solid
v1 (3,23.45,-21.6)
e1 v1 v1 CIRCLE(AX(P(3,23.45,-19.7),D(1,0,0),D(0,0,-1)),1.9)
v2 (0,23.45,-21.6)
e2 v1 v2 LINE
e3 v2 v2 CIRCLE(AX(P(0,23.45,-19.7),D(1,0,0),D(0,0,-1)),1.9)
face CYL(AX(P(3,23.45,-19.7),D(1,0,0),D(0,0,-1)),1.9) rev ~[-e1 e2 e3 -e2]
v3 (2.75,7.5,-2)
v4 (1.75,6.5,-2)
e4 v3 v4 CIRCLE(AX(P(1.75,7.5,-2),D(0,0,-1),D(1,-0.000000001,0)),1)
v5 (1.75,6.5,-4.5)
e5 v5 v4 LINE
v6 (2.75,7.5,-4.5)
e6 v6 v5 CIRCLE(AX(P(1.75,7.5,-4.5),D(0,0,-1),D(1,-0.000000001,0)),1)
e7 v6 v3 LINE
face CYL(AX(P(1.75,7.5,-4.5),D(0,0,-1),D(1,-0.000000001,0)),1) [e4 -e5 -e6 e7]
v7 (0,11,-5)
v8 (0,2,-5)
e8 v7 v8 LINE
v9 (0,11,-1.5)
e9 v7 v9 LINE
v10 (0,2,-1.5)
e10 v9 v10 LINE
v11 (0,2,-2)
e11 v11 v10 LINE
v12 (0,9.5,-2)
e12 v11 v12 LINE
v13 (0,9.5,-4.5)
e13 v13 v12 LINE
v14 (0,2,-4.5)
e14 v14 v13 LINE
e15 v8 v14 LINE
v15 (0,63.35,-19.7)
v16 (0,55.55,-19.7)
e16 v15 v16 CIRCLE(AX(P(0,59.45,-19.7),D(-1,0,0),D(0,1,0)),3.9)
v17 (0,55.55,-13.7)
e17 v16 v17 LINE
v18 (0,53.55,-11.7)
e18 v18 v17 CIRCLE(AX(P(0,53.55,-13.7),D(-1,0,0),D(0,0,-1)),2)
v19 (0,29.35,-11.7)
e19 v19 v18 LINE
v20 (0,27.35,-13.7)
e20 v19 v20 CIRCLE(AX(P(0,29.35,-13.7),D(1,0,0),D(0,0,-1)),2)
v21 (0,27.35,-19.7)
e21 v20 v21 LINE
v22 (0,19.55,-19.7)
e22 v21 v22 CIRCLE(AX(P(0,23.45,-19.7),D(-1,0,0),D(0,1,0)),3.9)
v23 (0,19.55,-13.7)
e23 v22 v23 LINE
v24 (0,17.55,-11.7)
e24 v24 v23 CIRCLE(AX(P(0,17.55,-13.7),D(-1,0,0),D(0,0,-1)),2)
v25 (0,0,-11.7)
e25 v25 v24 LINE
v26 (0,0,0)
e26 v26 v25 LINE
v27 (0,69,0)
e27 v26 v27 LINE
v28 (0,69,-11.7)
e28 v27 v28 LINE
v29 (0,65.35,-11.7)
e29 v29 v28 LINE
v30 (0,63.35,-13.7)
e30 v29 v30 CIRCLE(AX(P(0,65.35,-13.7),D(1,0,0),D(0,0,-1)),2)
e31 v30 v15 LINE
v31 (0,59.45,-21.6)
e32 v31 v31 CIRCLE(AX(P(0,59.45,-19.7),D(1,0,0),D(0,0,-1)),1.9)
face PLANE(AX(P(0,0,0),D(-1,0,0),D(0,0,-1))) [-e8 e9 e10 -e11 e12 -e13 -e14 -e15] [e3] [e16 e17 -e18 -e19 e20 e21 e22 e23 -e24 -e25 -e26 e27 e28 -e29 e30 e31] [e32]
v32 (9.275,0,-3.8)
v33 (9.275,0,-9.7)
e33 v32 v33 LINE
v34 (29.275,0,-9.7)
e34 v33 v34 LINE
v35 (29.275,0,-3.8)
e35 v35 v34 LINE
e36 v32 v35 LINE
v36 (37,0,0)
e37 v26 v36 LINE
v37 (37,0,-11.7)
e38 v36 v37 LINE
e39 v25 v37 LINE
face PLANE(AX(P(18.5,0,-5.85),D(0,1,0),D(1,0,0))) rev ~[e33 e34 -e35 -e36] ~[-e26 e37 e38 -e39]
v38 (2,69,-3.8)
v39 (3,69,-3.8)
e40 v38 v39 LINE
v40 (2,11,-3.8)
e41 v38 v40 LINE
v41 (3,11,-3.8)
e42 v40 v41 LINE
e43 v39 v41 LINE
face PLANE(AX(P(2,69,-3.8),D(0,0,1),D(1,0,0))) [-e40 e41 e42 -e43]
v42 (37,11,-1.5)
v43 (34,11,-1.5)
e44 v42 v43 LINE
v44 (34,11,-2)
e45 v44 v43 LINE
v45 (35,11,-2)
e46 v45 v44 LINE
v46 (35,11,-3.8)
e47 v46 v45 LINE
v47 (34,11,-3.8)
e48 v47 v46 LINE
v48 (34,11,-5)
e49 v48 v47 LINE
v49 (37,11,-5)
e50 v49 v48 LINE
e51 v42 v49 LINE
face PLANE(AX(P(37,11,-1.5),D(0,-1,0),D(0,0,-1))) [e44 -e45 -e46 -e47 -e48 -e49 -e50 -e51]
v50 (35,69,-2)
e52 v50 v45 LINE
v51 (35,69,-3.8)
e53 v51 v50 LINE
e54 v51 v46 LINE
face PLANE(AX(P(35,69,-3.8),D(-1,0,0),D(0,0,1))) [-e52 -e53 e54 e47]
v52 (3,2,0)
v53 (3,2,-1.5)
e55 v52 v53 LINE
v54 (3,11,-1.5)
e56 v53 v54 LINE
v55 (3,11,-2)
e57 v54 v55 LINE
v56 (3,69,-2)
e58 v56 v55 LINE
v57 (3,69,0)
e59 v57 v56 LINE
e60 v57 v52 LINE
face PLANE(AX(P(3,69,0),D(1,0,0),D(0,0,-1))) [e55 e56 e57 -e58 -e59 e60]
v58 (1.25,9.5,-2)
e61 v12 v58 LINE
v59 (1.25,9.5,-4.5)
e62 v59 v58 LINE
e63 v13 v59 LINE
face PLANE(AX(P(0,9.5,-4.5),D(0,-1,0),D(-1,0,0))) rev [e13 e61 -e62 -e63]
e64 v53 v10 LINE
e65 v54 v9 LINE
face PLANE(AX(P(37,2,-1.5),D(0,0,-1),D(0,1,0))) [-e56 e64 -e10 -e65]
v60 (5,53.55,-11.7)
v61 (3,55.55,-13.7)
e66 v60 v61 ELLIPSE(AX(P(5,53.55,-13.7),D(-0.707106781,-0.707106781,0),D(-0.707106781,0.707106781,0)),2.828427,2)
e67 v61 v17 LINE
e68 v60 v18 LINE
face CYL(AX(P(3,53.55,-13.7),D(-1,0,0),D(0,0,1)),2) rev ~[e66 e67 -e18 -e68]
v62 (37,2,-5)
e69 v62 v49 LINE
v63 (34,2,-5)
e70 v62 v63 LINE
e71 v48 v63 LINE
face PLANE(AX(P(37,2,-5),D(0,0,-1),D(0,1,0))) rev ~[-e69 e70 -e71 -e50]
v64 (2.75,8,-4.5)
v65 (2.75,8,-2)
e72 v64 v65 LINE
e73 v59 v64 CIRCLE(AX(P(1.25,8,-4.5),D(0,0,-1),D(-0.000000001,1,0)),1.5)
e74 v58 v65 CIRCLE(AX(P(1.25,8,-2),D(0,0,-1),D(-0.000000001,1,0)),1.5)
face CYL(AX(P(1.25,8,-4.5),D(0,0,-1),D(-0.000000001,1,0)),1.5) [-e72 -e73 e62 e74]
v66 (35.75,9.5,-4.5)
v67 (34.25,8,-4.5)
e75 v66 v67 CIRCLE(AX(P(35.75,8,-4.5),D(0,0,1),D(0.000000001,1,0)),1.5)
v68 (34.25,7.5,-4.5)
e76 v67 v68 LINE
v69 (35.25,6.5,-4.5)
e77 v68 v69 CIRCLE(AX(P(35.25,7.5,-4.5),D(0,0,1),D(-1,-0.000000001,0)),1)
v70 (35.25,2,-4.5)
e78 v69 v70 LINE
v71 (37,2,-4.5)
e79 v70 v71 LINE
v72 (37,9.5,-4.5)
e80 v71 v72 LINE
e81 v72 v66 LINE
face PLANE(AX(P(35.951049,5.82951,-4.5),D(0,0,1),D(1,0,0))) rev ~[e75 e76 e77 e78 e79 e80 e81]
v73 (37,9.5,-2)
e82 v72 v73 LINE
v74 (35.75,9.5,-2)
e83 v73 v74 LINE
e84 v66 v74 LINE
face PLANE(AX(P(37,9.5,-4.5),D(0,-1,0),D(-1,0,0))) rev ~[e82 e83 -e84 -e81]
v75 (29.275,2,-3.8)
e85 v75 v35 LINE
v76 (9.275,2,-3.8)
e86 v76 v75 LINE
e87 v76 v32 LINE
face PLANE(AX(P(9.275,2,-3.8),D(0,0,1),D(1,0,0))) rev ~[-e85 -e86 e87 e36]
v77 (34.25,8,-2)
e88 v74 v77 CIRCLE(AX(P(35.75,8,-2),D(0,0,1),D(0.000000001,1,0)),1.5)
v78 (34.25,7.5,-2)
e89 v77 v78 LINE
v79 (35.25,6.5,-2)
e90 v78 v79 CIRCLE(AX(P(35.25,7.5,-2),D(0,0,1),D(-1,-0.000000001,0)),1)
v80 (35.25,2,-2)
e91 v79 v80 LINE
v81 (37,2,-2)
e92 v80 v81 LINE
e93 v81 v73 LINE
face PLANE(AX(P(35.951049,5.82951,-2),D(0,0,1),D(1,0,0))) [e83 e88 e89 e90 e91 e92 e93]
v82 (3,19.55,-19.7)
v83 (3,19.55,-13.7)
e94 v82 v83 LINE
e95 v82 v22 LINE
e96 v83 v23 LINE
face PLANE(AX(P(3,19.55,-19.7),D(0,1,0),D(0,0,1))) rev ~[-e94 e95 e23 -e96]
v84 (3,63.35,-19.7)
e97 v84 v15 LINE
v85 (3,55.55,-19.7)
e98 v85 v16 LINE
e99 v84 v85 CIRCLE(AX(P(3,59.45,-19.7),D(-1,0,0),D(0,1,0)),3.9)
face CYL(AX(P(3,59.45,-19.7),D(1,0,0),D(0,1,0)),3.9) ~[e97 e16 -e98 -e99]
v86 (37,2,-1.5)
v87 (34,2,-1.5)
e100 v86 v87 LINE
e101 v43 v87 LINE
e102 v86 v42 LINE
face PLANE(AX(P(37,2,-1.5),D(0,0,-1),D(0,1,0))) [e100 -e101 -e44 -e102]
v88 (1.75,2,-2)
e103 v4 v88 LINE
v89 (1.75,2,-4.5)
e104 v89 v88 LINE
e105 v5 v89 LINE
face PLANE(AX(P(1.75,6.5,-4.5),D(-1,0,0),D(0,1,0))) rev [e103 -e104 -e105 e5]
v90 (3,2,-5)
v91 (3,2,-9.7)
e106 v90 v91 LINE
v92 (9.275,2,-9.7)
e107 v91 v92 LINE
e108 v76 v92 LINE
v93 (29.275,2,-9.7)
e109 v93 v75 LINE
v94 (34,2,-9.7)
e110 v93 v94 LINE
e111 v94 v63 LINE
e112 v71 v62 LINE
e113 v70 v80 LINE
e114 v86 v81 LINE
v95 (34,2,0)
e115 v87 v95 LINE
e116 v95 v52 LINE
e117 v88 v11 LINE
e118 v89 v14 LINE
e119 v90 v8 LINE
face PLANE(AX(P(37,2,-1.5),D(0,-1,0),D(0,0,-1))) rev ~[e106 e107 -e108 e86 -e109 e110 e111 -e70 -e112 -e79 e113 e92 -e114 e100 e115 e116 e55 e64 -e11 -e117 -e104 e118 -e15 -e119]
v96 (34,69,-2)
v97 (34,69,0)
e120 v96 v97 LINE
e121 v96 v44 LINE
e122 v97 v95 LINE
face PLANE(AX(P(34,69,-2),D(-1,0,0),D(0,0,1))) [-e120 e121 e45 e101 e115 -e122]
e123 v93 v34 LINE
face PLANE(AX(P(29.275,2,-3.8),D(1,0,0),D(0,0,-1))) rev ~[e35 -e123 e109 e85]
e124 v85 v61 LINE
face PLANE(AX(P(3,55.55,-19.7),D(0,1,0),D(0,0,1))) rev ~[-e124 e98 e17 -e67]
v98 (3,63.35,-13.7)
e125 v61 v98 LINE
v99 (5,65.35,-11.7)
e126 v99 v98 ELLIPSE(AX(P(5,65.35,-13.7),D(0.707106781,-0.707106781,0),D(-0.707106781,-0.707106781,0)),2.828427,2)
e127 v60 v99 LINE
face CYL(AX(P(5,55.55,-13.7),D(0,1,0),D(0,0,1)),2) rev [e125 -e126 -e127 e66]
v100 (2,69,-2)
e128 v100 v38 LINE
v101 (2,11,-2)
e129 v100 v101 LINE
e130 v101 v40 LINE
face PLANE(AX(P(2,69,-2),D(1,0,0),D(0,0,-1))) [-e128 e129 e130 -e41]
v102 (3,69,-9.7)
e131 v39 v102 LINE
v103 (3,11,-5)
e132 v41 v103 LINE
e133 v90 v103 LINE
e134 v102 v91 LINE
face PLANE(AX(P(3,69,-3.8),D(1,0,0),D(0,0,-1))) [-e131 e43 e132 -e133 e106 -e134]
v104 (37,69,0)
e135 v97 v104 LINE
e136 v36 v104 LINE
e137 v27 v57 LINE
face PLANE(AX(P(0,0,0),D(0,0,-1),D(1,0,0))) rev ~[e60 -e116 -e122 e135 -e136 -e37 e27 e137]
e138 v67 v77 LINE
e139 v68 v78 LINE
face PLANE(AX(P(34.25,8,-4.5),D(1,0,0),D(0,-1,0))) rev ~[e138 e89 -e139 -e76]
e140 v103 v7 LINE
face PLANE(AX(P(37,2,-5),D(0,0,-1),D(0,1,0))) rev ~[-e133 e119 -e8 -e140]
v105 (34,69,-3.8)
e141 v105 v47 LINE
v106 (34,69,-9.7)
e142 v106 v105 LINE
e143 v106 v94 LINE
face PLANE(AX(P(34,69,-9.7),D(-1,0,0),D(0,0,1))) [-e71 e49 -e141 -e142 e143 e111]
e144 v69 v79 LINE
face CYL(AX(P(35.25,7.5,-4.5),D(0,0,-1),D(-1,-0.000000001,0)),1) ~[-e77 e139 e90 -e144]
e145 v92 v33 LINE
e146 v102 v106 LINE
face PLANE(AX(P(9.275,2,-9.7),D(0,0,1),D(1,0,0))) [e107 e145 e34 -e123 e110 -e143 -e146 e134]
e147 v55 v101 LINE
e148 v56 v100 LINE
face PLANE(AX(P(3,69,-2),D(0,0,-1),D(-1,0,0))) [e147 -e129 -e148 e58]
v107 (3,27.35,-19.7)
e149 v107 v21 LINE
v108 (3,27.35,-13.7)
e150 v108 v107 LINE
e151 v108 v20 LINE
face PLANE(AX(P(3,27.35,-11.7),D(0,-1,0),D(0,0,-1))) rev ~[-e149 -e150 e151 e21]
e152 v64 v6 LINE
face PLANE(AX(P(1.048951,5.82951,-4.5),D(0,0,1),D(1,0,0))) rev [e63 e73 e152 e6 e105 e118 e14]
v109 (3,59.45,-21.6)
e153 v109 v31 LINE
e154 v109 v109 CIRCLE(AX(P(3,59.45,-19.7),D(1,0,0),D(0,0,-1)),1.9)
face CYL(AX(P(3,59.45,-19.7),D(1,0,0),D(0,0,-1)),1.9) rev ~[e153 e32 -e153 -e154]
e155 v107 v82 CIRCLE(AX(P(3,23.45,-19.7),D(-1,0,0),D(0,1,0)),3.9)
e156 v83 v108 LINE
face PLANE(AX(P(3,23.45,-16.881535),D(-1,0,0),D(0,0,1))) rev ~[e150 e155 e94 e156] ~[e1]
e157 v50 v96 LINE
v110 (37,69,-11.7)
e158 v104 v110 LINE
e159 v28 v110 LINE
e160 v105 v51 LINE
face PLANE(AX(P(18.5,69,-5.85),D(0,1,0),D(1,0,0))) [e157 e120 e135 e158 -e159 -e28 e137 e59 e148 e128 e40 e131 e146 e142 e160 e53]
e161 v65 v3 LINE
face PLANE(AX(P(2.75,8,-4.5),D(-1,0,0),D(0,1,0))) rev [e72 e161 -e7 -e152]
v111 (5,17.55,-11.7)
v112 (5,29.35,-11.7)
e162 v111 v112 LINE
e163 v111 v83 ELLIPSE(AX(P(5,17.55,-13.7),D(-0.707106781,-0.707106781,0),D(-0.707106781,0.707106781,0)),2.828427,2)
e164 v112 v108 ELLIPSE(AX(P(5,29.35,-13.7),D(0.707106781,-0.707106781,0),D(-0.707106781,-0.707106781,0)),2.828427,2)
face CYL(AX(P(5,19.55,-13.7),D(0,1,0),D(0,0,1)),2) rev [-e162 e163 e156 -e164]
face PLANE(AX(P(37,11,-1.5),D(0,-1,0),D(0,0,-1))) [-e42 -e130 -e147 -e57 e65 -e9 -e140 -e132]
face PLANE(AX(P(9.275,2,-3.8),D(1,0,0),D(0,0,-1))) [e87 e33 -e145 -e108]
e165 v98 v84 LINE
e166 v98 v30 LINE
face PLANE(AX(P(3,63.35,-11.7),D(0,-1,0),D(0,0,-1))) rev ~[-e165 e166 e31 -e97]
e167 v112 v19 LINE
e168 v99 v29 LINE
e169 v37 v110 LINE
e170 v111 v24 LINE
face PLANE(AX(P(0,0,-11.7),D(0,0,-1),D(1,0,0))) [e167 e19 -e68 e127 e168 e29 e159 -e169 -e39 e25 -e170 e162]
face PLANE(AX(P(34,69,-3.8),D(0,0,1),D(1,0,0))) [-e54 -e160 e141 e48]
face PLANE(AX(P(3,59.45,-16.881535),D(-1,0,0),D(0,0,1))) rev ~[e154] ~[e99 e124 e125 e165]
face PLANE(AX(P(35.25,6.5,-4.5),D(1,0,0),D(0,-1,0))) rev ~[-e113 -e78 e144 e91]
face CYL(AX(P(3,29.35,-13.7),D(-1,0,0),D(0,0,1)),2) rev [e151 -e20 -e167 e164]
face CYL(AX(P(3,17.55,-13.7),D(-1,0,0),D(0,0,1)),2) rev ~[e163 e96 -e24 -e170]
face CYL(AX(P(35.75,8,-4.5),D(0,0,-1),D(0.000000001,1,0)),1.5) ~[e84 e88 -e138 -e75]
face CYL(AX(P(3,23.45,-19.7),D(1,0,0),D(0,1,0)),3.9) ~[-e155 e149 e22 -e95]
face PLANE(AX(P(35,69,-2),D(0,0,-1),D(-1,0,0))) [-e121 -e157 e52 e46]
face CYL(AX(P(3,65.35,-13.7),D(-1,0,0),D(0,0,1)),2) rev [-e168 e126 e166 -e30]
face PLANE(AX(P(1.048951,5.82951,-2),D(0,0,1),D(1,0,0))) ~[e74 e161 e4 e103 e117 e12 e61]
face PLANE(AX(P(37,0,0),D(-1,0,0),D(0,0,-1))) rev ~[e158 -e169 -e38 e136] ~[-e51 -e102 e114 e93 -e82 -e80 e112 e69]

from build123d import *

# Parameters (mm, degrees)
SKETCH1_W           = 37
SKETCH1_H           = 11.7
BOSS_EXTRUDE1_DEPTH = 69
CUT_EXTRUDE1_DEPTH  = 67
SKETCH3_W           = 20
SKETCH3_H           = 5.9
CUT_EXTRUDE2_DEPTH  = 67
BOSS_EXTRUDE2_START = -34
SKETCH4_R           = 1.9
BOSS_EXTRUDE2_DEPTH = 3
FILLET1_R           = 2
SKETCH5_W           = 3.5
SKETCH5_H           = 9
CUT_EXTRUDE3_DEPTH  = 40
BOSS_EXTRUDE3_START = 0.5
BOSS_EXTRUDE3_DEPTH = 2.5


with BuildPart() as part:
    # Sketch1 → Boss-Extrude1 (new body)
    with BuildSketch(Plane(origin=(0, 0, 0), x_dir=(1, 0, 0), z_dir=(0, 1, 0))):
        with Locations((18.5, 5.85)):
            Rectangle(SKETCH1_W, SKETCH1_H)
    extrude(amount=BOSS_EXTRUDE1_DEPTH)

    # Sketch2 → Cut-Extrude1 (cut)
    with BuildSketch(Plane(origin=(0, 69, 0), x_dir=(1, 0, 0), z_dir=(0, 1, 0))):
        Polygon((3, 0), (3, 2), (2, 2), (2, 3.8), (3, 3.8), (3, 9.7), (34, 9.7), (34, 3.8), (35, 3.8), (35, 2), (34, 2), (34, 0), align=None)
    extrude(amount=-CUT_EXTRUDE1_DEPTH, mode=Mode.SUBTRACT)

    # Sketch3 → Cut-Extrude2 (cut)
    with BuildSketch(Plane(origin=(0, 2, 0), x_dir=(1, 0, 0), z_dir=(0, 1, 0))):
        with Locations((19.275, 6.75)):
            Rectangle(SKETCH3_W, SKETCH3_H)
    extrude(amount=-CUT_EXTRUDE2_DEPTH, mode=Mode.SUBTRACT)

    # Sketch4 → Boss-Extrude2 (add)
    # profile 1 of 2: a face of its own
    with BuildSketch(Plane(origin=(37, 0, 0), x_dir=(0, 0, -1), z_dir=(1, 0, 0)).offset(BOSS_EXTRUDE2_START)):
        with BuildLine():
            Line((11.7, 63.35), (19.7, 63.35))
            ThreePointArc((19.7, 63.35), (23.6, 59.45), (19.7, 55.55))
            Line((19.7, 55.55), (11.7, 55.55))
            Line((11.7, 55.55), (11.7, 63.35))
        make_face()
        with Locations((19.7, 59.45)):
            Circle(SKETCH4_R, mode=Mode.SUBTRACT)
    # profile 2 of 2: a face of its own
    with BuildSketch(Plane(origin=(37, 0, 0), x_dir=(0, 0, -1), z_dir=(1, 0, 0)).offset(BOSS_EXTRUDE2_START)):
        with BuildLine():
            Line((11.7, 27.35), (19.7, 27.35))
            ThreePointArc((19.7, 27.35), (23.6, 23.45), (19.7, 19.55))
            Line((19.7, 19.55), (11.7, 19.55))
            Line((11.7, 19.55), (11.7, 27.35))
        make_face()
        with Locations((19.7, 23.45)):
            Circle(SKETCH4_R, mode=Mode.SUBTRACT)
    extrude(amount=-BOSS_EXTRUDE2_DEPTH)

    # Fillet1
    fillet1_edges = [part.edges().sort_by_distance(p)[0] for p in [
        (1.5, 55.55, -11.7),
        (1.5, 63.35, -11.7),
        (3, 59.45, -11.7),
        (1.5, 19.55, -11.7),
        (1.5, 27.35, -11.7),
        (3, 23.45, -11.7),
    ]]
    fillet(fillet1_edges, radius=FILLET1_R)

    # Sketch5 → Cut-Extrude3 (cut)
    with BuildSketch(Plane(origin=(37, 0, 0), x_dir=(0, 0, -1), z_dir=(1, 0, 0))):
        with Locations((3.25, 6.5)):
            Rectangle(SKETCH5_W, SKETCH5_H)
    extrude(amount=-CUT_EXTRUDE3_DEPTH, mode=Mode.SUBTRACT)

    # Sketch6 → Boss-Extrude3 (add)
    with BuildSketch(Plane.XY.offset(-5).offset(BOSS_EXTRUDE3_START)):
        with BuildLine():
            Line((37, 2), (37, 9.5))
            Line((37, 9.5), (35.75, 9.5))
            ThreePointArc((35.75, 9.5), (34.689339828, 9.060660172), (34.25, 8))
            Line((34.25, 8), (34.25, 7.5))
            ThreePointArc((34.25, 7.5), (34.542893219, 6.792893219), (35.25, 6.5))
            Line((35.25, 6.5), (35.25, 2))
            Line((35.25, 2), (37, 2))
        make_face()
    boss_extrude3 = extrude(amount=BOSS_EXTRUDE3_DEPTH)

    # Mirror1: Boss-Extrude3 across plane
    add(boss_extrude3.mirror(Plane(origin=(18.5, 0, 0), x_dir=(0, 0, 1), z_dir=(1, 0, 0))))


solid = part.part
